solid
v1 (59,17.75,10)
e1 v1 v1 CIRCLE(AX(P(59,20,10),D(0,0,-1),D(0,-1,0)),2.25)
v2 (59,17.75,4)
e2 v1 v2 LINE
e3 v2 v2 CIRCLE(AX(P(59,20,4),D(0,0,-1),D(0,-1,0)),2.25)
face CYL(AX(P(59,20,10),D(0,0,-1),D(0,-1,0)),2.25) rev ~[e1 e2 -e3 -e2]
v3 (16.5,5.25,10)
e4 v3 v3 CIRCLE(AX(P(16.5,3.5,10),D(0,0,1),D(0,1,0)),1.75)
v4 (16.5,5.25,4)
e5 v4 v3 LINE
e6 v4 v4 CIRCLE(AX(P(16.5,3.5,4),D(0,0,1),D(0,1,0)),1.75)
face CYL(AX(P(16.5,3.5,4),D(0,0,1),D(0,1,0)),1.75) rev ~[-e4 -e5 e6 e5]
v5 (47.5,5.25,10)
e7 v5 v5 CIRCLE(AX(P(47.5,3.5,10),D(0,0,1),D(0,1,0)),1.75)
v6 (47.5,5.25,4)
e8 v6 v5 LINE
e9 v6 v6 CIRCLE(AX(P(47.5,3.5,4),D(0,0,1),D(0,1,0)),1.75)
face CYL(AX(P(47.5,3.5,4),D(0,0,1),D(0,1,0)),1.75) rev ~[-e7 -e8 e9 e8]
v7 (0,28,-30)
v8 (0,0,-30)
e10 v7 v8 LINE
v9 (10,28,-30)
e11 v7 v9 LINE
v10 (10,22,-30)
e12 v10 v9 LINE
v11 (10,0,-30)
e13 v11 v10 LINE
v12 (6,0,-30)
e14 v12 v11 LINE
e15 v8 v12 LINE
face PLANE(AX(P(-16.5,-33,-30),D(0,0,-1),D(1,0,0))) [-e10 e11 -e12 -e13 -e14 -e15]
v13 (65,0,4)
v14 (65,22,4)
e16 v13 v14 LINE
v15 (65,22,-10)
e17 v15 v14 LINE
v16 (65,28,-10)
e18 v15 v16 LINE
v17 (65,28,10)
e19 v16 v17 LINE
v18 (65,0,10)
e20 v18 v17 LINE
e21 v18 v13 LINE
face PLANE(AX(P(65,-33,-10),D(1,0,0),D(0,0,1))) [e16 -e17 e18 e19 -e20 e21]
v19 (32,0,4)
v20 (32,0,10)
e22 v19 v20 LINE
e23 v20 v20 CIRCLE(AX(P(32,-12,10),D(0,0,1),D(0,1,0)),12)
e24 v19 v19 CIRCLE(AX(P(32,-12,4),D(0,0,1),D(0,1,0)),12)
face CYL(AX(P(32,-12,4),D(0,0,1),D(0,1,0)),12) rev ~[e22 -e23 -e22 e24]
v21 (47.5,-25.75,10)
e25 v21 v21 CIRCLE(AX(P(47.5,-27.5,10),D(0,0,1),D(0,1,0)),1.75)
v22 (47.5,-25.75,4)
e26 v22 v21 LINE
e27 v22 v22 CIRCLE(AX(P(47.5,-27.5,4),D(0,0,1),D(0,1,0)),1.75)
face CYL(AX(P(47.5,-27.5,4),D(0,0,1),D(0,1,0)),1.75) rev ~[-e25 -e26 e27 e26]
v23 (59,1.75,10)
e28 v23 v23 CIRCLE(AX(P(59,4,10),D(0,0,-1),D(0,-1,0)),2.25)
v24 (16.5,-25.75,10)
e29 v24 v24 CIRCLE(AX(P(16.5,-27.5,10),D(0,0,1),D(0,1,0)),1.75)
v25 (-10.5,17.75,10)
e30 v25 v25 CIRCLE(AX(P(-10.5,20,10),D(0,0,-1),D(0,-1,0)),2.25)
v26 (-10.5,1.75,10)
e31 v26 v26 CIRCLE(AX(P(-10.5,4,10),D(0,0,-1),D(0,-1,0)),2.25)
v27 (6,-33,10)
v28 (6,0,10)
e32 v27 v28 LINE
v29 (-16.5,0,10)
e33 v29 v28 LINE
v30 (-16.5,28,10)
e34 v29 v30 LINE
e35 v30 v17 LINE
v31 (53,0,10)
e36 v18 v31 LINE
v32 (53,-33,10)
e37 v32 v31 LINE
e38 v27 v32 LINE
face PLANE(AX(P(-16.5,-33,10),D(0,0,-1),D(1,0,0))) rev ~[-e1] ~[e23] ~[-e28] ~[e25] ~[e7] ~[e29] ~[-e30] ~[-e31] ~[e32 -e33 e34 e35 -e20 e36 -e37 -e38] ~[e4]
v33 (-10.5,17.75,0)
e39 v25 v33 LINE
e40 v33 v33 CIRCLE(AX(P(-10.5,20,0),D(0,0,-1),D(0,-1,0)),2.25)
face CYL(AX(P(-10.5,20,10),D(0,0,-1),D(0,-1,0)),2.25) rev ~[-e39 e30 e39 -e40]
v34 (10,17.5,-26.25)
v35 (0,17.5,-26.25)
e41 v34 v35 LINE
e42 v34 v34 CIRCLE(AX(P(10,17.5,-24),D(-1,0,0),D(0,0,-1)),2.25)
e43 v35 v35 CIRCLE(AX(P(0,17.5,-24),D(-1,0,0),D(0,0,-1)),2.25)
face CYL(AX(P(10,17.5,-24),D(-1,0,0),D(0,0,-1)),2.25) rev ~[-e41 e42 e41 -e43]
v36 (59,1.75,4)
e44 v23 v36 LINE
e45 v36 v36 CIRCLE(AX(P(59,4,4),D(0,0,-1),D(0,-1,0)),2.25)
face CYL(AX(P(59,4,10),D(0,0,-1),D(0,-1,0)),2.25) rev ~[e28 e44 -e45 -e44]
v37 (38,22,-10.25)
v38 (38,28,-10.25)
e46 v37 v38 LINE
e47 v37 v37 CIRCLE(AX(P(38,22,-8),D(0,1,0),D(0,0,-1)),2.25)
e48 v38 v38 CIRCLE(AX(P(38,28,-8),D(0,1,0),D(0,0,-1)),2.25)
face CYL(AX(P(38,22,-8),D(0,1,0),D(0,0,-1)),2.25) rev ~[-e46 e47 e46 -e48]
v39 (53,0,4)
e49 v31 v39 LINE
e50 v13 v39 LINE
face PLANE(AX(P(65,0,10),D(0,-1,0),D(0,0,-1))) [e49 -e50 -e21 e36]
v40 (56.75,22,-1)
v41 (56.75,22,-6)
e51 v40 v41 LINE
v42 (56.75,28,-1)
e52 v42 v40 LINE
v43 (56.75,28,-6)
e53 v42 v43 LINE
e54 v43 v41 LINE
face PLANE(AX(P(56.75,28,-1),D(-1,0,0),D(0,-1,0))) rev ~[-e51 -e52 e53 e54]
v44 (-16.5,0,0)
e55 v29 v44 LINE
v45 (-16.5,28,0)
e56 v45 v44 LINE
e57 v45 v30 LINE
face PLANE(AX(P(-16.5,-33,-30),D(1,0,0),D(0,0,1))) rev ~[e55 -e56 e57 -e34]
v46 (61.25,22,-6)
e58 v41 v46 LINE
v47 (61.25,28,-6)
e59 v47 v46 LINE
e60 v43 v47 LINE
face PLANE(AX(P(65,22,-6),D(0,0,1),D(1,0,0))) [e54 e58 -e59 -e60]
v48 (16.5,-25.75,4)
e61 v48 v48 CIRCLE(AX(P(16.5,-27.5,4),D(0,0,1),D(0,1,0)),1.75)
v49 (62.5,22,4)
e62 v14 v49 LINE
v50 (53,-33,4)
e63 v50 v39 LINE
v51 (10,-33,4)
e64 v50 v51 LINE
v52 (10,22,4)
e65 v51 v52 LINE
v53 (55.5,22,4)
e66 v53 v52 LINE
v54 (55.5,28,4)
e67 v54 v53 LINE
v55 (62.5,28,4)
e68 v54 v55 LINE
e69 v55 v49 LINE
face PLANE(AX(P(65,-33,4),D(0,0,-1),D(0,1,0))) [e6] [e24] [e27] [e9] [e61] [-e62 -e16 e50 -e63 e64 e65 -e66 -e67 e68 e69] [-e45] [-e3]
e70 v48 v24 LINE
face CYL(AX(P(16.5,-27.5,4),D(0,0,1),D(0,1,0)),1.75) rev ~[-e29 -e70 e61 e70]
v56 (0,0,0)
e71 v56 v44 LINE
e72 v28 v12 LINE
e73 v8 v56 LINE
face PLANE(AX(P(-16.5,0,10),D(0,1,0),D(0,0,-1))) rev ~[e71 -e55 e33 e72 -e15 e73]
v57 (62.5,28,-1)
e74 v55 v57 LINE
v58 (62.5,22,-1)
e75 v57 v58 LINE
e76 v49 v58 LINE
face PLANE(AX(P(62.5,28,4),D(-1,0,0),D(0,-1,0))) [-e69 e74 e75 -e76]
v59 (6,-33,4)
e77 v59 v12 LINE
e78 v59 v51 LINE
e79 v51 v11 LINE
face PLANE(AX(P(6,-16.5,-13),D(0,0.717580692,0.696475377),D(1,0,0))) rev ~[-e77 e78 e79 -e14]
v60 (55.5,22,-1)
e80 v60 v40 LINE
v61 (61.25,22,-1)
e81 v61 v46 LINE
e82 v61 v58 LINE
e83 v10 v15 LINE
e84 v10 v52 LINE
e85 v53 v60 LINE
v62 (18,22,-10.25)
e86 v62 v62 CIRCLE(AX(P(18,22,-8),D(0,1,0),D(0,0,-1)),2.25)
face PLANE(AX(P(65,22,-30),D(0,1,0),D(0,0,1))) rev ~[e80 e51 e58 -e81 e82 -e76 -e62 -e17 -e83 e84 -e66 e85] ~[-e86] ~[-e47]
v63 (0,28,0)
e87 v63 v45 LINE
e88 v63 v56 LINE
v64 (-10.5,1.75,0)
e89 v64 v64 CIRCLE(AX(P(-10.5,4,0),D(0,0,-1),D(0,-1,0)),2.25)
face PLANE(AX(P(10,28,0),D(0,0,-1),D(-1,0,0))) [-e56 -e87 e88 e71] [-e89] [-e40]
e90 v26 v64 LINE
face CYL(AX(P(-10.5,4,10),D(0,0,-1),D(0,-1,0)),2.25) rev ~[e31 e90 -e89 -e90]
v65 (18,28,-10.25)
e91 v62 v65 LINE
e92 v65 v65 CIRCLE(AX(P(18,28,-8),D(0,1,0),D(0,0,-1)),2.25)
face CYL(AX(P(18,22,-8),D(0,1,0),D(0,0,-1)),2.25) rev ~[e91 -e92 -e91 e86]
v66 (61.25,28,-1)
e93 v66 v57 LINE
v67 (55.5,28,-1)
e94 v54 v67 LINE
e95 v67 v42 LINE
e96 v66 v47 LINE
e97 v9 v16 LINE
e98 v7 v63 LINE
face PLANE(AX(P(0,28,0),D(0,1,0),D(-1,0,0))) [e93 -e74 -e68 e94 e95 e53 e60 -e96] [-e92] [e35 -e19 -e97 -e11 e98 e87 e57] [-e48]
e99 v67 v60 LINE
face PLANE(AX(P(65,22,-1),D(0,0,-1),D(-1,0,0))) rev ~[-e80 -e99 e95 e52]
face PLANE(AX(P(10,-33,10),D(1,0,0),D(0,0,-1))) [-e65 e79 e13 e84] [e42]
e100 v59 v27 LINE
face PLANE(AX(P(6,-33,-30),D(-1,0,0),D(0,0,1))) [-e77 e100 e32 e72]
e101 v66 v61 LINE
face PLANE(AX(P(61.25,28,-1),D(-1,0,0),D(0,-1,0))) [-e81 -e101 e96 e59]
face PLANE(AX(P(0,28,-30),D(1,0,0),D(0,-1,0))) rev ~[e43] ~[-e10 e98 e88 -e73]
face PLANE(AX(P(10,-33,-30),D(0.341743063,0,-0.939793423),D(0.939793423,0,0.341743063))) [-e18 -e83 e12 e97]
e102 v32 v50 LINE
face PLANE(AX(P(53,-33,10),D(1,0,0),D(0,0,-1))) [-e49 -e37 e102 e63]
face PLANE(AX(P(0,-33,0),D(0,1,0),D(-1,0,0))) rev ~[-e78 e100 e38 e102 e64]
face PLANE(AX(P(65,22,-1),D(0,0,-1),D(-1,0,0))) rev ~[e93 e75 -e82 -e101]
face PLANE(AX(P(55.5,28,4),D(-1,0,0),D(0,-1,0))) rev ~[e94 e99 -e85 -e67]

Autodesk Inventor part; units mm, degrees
ref_plane "YZ Plane" through (0, 0, 0) normal (1, 0, 0) x (0, 1, 0)
ref_plane "XY Plane" through (0, 0, 0) normal (0, 0, 1) x (1, 0, 0)
ref_plane "Work Plane1" through (0, -33, 0) normal (0, 1, 0) x (-1, 0, 0)
sketch "Sketch1" plane through (0, -33, 0) normal (0, 1, 0) x (-1, 0, 0)
  line L0 (-65, -10) -> (-65, 10)
  line L1 (16.5, -30) -> (16.5, 10)
  line L2 (16.5, 10) -> (-65, 10)
  line L3 (-10, -30) -> (-65, -10)
  line L4 (16.5, -30) -> (-10, -30)
extrude "Extrusion7" add sketch "Sketch1" along normal blind 61
sketch "Sketch2" plane through (65, -33, 10) normal (1, 0, 0) x (0, 0, -1)
  line L0 (6, 0) -> (40, 0)
  line L1 (40, 55) -> (40, 0)
  line L2 (6, 0) -> (6, 55)
  line L3 (40, 55) -> (6, 55)
extrude "Extrusion6" cut sketch "Sketch2" against normal blind 55
sketch "Sketch3" plane through (65, -33, 10) normal (1, 0, 0) x (0, 0, -1)
  line L0 (0, 33) -> (6, 33)
  line L1 (0, 0) -> (6, 0)
  line L2 (6, 0) -> (6, 33)
  line L3 (0, 0) -> (0, 33)
extrude "Extrusion5" cut sketch "Sketch3" against normal blind 12
sketch "Sketch4" plane through (-16.5, -33, -30) normal (-1, 0, 0) x (0, 0, 1)
  line L0 (0, 0) -> (40, 0)
  line L1 (0, 33) -> (0, 0)
  line L2 (40, 33) -> (0, 33)
  line L3 (40, 0) -> (40, 33)
extrude "Extrusion4" cut sketch "Sketch4" against normal blind 22.5
sketch "Sketch5" plane through (65, 22, 4) normal (0, 0, -1) x (-1, 0, 0)
  line L0 (9.5, 0) -> (2.5, 0)
  line L1 (9.5, 6) -> (2.5, 6)
  line L2 (9.5, 6) -> (9.5, 0)
  line L3 (2.5, 6) -> (2.5, 0)
extrude "Extrusion3" cut sketch "Sketch5" along normal blind 5
sketch "Sketch6" plane through (10, 28, -30) normal (0, 0, -1) x (-1, 0, 0)
  line L0 (10, 0) -> (26.5, 0)
  line L1 (26.5, 0) -> (26.5, -28)
  line L2 (10, -28) -> (26.5, -28)
  line L3 (10, 0) -> (10, -28)
extrude "Extrusion2" cut sketch "Sketch6" against normal blind 30
sketch "Sketch7" plane through (65, 22, -1) normal (0, 0, 1) x (1, 0, 0)
  line L0 (-8.25, 0) -> (-3.75, 0)
  line L1 (-3.75, 6) -> (-3.75, 0)
  line L2 (-8.25, 6) -> (-8.25, 0)
  line L3 (-8.25, 6) -> (-3.75, 6)
extrude "Extrusion1" cut sketch "Sketch7" against normal blind 5 draft 0
chamfer "Chamfer1" distance 34 distance2 33 1 edges at (8, -33, -30) measured on face at (23, -33, 8)
hole "Hole12" at (38, 22, -8) direction (0, 1, 0) diameter 4.5 depth 6
hole "Hole11" at (18, 22, -8) direction (0, 1, 0) diameter 4.5 depth 6
hole "Hole10" at (10, 17.5, -24) direction (-1, 0, 0) diameter 4.5 depth 10
hole "Hole9" at (59, 20, 10) direction (0, 0, -1) diameter 4.5 depth 6
hole "Hole8" at (59, 4, 10) direction (0, 0, -1) diameter 4.5 depth 6
hole "Hole7" at (-10.5, 20, 10) direction (0, 0, -1) diameter 4.5 depth 10
sketch "Sketch13" plane through (-16.5, 28, 10) normal (0, 0, 1) x (1, 0, 0)
  point P0 (6, -8)
hole "Hole6" at (47.5, 3.5, 4) direction (0, 0, 1) diameter 3.5 depth 6
sketch "Sketch12" plane through (-16.5, 28, 10) normal (0, 0, 1) x (1, 0, 0)
  point P0 (75.5, -24)
hole "Hole5" at (47.5, -27.5, 4) direction (0, 0, 1) diameter 3.5 depth 6
sketch "Sketch11" plane through (-16.5, 28, 10) normal (0, 0, 1) x (1, 0, 0)
  point P0 (75.5, -8)
hole "Hole4" at (16.5, -27.5, 4) direction (0, 0, 1) diameter 3.5 depth 6
sketch "Sketch10" plane through (10, -33, 10) normal (1, 0, 0) x (0, 0, -1)
  point P0 (34, 50.5)
hole "Hole3" at (16.5, 3.5, 4) direction (0, 0, 1) diameter 3.5 depth 6
sketch "Sketch9" plane through (65, 22, -10) normal (0, -1, 0) x (1, 0, 0)
  point P0 (-47, 2)
hole "Hole2" at (32, -12, 4) direction (0, 0, 1) diameter 24 depth 6
sketch "Sketch8" plane through (65, 22, -10) normal (0, -1, 0) x (1, 0, 0)
  point P0 (-27, 2)
hole "Hole1" at (-10.5, 4, 10) direction (0, 0, -1) diameter 4.5 depth 10
sketch "Sketch14" plane through (65, 0, 4) normal (0, 0, -1) x (-1, 0, 0)
  point P0 (17.5, 3.5)
sketch "Sketch15" plane through (65, 0, 4) normal (0, 0, -1) x (-1, 0, 0)
  point P0 (17.5, -27.5)
sketch "Sketch16" plane through (65, 0, 4) normal (0, 0, -1) x (-1, 0, 0)
  point P0 (48.5, -27.5)
sketch "Sketch17" plane through (65, 0, 4) normal (0, 0, -1) x (-1, 0, 0)
  point P0 (48.5, 3.5)
sketch "Sketch18" plane through (65, 0, 4) normal (0, 0, -1) x (-1, 0, 0)
  point P0 (33, -12)
sketch "Sketch19" plane through (-16.5, 28, 10) normal (0, 0, 1) x (1, 0, 0)
  point P0 (6, -24)
properties part number "Hopper Motor Holder" material "ASA Plastic"
